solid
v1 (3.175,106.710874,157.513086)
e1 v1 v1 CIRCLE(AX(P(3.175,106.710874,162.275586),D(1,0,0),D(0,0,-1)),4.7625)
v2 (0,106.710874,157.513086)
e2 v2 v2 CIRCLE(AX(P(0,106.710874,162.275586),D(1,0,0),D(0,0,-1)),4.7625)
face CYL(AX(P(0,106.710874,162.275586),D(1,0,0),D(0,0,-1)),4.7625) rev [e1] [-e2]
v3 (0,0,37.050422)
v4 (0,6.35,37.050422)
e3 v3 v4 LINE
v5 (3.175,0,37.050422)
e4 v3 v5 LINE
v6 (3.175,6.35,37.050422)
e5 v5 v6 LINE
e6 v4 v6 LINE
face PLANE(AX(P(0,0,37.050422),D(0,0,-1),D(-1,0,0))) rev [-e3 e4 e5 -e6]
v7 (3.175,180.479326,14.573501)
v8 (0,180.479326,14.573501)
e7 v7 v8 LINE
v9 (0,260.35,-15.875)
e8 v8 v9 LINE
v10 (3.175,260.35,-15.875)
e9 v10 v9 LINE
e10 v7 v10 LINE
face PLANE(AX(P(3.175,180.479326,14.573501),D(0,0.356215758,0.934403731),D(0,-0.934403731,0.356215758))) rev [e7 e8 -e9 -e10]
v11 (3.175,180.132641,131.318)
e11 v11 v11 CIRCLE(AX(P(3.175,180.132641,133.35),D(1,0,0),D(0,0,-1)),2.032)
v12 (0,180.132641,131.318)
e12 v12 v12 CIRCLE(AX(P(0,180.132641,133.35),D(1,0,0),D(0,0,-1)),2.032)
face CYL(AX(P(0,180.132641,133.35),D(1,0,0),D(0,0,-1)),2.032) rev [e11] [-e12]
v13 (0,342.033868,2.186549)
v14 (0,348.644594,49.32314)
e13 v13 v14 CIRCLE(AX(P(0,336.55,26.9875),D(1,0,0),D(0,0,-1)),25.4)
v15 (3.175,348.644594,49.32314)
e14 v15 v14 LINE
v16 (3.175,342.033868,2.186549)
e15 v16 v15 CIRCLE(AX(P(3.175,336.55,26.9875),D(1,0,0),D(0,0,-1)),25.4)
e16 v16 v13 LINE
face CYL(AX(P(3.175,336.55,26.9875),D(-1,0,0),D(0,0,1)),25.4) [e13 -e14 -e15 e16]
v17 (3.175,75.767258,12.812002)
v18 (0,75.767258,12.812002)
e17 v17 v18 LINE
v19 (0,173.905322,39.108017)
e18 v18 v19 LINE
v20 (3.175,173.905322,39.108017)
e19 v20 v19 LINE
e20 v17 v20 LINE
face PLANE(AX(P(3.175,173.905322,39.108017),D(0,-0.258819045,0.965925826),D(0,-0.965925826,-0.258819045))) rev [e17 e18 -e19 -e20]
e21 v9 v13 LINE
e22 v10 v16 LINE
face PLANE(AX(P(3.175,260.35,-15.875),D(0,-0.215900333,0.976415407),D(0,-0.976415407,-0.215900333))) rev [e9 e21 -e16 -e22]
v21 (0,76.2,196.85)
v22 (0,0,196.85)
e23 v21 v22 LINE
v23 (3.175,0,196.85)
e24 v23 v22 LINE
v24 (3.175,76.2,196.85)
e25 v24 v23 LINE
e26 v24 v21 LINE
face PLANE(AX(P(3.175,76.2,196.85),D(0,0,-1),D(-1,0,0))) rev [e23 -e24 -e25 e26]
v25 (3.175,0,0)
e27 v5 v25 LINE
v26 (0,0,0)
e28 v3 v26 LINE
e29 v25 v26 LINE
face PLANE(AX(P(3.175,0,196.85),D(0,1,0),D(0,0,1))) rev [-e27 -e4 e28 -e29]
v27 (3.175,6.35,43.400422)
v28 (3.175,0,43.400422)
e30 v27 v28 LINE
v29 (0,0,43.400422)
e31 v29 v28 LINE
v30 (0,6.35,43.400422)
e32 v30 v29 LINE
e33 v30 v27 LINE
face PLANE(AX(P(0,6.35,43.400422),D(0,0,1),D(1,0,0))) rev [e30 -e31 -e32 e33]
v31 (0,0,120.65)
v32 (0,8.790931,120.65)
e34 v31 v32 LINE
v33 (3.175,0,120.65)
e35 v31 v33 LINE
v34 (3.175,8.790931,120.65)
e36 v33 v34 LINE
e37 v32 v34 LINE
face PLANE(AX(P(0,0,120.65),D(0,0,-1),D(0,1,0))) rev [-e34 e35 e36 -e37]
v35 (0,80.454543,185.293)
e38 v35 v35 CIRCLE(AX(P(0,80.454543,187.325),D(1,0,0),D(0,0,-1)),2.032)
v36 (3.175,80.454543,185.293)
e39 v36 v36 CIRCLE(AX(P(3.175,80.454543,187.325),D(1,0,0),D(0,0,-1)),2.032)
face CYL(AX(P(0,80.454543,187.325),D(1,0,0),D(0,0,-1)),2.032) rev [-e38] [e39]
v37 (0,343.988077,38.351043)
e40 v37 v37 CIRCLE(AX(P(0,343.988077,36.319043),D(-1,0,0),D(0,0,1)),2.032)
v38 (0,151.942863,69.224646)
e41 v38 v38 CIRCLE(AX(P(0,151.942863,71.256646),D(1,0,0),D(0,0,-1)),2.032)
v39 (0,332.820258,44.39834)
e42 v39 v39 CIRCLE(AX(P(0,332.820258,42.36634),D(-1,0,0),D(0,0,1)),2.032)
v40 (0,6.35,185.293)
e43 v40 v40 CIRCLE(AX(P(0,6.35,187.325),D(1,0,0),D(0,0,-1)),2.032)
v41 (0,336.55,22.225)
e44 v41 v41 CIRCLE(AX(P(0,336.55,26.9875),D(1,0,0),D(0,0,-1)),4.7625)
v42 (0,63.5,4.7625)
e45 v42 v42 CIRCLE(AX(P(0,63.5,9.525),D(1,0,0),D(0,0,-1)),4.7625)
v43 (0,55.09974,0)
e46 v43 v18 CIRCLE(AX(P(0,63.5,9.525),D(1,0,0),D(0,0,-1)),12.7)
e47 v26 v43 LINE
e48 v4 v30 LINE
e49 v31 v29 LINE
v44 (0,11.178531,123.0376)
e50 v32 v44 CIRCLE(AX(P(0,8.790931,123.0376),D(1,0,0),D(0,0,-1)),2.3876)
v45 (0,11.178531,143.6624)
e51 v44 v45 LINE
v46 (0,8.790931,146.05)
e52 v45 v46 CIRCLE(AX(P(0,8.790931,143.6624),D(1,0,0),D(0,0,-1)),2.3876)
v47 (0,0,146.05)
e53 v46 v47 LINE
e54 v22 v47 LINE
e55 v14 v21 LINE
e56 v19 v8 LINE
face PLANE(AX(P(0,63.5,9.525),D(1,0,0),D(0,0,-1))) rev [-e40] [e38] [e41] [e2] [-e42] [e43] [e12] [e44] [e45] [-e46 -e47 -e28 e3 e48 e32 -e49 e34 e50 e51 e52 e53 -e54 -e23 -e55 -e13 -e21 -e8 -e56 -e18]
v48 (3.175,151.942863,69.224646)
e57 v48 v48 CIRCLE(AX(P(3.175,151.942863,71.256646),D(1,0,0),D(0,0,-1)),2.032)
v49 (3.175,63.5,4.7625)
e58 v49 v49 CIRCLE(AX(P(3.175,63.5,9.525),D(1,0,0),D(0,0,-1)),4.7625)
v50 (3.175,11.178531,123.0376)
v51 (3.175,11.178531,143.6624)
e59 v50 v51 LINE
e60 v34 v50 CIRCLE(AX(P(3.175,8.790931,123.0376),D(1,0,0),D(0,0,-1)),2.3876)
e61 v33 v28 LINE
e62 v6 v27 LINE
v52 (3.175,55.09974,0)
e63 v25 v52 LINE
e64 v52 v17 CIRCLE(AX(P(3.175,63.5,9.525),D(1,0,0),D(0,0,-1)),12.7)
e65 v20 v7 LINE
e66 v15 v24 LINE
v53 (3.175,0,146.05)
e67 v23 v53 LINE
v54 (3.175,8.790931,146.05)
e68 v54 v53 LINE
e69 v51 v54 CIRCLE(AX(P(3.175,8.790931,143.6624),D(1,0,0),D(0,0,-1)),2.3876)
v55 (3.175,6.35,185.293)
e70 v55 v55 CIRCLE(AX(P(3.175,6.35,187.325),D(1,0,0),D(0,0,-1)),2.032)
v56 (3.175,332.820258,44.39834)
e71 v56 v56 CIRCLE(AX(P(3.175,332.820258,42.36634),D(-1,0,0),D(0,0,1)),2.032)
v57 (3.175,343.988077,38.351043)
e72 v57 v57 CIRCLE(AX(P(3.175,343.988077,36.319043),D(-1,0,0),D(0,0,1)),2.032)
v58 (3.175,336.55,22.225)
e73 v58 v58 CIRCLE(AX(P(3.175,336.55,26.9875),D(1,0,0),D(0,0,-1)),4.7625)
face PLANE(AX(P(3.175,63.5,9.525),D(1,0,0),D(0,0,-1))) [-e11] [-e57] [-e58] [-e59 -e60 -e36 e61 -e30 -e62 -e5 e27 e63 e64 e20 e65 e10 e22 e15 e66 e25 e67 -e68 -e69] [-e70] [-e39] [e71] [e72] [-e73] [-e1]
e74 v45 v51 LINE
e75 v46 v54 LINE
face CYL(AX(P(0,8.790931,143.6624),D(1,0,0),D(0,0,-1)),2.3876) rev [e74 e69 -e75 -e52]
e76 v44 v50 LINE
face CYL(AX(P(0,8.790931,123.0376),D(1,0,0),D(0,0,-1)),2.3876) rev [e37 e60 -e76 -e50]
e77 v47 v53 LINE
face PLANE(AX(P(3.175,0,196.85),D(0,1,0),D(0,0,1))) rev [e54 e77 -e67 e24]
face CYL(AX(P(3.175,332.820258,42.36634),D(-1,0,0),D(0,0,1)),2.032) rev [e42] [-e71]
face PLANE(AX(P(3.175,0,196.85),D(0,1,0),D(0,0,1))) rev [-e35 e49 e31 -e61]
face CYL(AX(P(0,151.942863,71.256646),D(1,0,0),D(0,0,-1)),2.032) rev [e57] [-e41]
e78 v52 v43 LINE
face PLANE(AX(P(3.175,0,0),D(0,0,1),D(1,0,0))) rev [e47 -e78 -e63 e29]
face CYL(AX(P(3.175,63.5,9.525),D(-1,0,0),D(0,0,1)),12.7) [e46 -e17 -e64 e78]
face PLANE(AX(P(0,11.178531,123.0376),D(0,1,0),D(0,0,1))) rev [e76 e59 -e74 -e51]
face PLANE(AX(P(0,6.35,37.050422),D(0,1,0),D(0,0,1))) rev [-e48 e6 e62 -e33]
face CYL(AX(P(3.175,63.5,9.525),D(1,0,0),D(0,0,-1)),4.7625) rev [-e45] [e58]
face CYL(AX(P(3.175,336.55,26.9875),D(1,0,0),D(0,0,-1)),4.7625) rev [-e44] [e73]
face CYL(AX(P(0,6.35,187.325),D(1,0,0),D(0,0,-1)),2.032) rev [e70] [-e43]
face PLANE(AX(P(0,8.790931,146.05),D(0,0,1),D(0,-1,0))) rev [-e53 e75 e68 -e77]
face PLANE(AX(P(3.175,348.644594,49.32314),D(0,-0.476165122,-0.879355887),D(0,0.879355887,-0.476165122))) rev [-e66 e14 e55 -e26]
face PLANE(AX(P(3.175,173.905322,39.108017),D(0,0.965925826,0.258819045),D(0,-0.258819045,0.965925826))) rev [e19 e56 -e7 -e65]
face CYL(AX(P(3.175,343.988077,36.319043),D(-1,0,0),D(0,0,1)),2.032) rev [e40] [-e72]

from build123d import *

# Parameters (mm, degrees)
BOSS_EXTRUDE1_DEPTH     = 3.175
SKETCH2_W               = 6.35
SKETCH2_H               = 6.35
CUT_EXTRUDE1_DEPTH      = 413.028889309
F_3_8_CLEARANCE_HOLE1_D = 9.525
SKETCH6_R               = 4.7625
CUT_EXTRUDE2_DEPTH      = 413.028889309
SKETCH10_R              = 2.032
CUT_EXTRUDE4_DEPTH      = 413.028889309
SKETCH11_R              = 2.032
CUT_EXTRUDE5_DEPTH      = 413.028889309
SKETCH13_R              = 2.032
CUT_EXTRUDE6_DEPTH      = 413.028889309
SKETCH14_R              = 2.032
CUT_EXTRUDE7_DEPTH      = 413.028889309


with BuildPart() as part:
    # Sketch1 → Boss-Extrude1 (new body)
    with BuildSketch(Plane(origin=(0, 0, 0), x_dir=(0, 0, -1), z_dir=(1, 0, 0))):
        with BuildLine():
            Line((0, 0), (0, 55.099739587))
            ThreePointArc((0, 55.099739587), (1.26919911, 70.191432251), (-12.812001873, 75.767257994))
            Line((-12.812001873, 75.767257994), (-39.108016855, 173.905321945))
            Line((-39.108016855, 173.905321945), (-14.573500867, 180.47932569))
            Line((-14.573500867, 180.47932569), (15.875, 260.35))
            Line((15.875, 260.35), (-2.186548672, 342.033868455))
            ThreePointArc((-2.186548672, 342.033868455), (-23.459772132, 361.703829452), (-49.323139542, 348.644594092))
            Line((-49.323139542, 348.644594092), (-196.85, 76.2))
            Line((-196.85, 76.2), (-196.85, 0))
            Line((-196.85, 0), (0, 0))
        make_face()
    extrude(amount=BOSS_EXTRUDE1_DEPTH)

    # Sketch2 → Cut-Extrude1 (cut, through all)
    with BuildSketch(Plane(origin=(3.175, 0, 0), x_dir=(0, 0, -1), z_dir=(1, 0, 0))):
        with BuildLine():
            Line((-146.05, 8.790931394), (-146.05, 0))
            Line((-146.05, 0), (-120.65, 0))
            Line((-120.65, 0), (-120.65, 8.790931394))
            ThreePointArc((-120.65, 8.790931394), (-121.349311849, 10.479219545), (-123.0376, 11.178531394))
            Line((-123.0376, 11.178531394), (-143.6624, 11.178531394))
            ThreePointArc((-143.6624, 11.178531394), (-145.350688151, 10.479219545), (-146.05, 8.790931394))
        make_face()
        with Locations((-40.225422327, 3.175)):
            Rectangle(SKETCH2_W, SKETCH2_H)
        with Locations((-226.474577673, 3.175)):
            Rectangle(SKETCH2_W, SKETCH2_H)
    extrude(amount=-CUT_EXTRUDE1_DEPTH, mode=Mode.SUBTRACT)

    # 3/8 Clearance Hole1 (through all)
    with Locations(Plane(origin=(3.175, 0, 0), x_dir=(0, 0, -1), z_dir=(1, 0, 0))):
        with Locations((-26.9875, 336.55), (-9.525, 63.5)):
            Hole(F_3_8_CLEARANCE_HOLE1_D / 2)

    # Sketch6 → Cut-Extrude2 (cut, through all)
    with BuildSketch(Plane(origin=(3.175, 0, 0), x_dir=(0, 0, -1), z_dir=(1, 0, 0))):
        with Locations((-162.275586362, 106.71087433)):
            Circle(SKETCH6_R)
    extrude(amount=-CUT_EXTRUDE2_DEPTH, mode=Mode.SUBTRACT)

    # Sketch10 → Cut-Extrude4 (cut, through all)
    with BuildSketch(Plane(origin=(3.175, 0, 0), x_dir=(0, 0, -1), z_dir=(1, 0, 0))):
        with Locations((-71.256645538, 151.942863158)):
            Circle(SKETCH10_R)
    extrude(amount=-CUT_EXTRUDE4_DEPTH, mode=Mode.SUBTRACT)

    # Sketch11 → Cut-Extrude5 (cut, through all)
    with BuildSketch(Plane(origin=(3.175, 0, 0), x_dir=(0, 0, -1), z_dir=(1, 0, 0))):
        with Locations((-187.325, 80.45454267)):
            Circle(SKETCH11_R)
        with Locations((-187.325, 6.35)):
            Circle(SKETCH11_R)
    extrude(amount=-CUT_EXTRUDE5_DEPTH, mode=Mode.SUBTRACT)

    # Sketch13 → Cut-Extrude6 (cut, through all)
    with BuildSketch(Plane.ZY):
        with Locations((36.31904262, 343.988077457)):
            Circle(SKETCH13_R)
        with Locations((42.366339666, 332.820257685)):
            Circle(SKETCH13_R)
    extrude(amount=-CUT_EXTRUDE6_DEPTH, mode=Mode.SUBTRACT)

    # Sketch14 → Cut-Extrude7 (cut, through all)
    with BuildSketch(Plane(origin=(3.175, 0, 0), x_dir=(0, 0, -1), z_dir=(1, 0, 0))):
        with Locations((-133.35, 180.132641428)):
            Circle(SKETCH14_R)
    extrude(amount=-CUT_EXTRUDE7_DEPTH, mode=Mode.SUBTRACT)


solid = part.part
